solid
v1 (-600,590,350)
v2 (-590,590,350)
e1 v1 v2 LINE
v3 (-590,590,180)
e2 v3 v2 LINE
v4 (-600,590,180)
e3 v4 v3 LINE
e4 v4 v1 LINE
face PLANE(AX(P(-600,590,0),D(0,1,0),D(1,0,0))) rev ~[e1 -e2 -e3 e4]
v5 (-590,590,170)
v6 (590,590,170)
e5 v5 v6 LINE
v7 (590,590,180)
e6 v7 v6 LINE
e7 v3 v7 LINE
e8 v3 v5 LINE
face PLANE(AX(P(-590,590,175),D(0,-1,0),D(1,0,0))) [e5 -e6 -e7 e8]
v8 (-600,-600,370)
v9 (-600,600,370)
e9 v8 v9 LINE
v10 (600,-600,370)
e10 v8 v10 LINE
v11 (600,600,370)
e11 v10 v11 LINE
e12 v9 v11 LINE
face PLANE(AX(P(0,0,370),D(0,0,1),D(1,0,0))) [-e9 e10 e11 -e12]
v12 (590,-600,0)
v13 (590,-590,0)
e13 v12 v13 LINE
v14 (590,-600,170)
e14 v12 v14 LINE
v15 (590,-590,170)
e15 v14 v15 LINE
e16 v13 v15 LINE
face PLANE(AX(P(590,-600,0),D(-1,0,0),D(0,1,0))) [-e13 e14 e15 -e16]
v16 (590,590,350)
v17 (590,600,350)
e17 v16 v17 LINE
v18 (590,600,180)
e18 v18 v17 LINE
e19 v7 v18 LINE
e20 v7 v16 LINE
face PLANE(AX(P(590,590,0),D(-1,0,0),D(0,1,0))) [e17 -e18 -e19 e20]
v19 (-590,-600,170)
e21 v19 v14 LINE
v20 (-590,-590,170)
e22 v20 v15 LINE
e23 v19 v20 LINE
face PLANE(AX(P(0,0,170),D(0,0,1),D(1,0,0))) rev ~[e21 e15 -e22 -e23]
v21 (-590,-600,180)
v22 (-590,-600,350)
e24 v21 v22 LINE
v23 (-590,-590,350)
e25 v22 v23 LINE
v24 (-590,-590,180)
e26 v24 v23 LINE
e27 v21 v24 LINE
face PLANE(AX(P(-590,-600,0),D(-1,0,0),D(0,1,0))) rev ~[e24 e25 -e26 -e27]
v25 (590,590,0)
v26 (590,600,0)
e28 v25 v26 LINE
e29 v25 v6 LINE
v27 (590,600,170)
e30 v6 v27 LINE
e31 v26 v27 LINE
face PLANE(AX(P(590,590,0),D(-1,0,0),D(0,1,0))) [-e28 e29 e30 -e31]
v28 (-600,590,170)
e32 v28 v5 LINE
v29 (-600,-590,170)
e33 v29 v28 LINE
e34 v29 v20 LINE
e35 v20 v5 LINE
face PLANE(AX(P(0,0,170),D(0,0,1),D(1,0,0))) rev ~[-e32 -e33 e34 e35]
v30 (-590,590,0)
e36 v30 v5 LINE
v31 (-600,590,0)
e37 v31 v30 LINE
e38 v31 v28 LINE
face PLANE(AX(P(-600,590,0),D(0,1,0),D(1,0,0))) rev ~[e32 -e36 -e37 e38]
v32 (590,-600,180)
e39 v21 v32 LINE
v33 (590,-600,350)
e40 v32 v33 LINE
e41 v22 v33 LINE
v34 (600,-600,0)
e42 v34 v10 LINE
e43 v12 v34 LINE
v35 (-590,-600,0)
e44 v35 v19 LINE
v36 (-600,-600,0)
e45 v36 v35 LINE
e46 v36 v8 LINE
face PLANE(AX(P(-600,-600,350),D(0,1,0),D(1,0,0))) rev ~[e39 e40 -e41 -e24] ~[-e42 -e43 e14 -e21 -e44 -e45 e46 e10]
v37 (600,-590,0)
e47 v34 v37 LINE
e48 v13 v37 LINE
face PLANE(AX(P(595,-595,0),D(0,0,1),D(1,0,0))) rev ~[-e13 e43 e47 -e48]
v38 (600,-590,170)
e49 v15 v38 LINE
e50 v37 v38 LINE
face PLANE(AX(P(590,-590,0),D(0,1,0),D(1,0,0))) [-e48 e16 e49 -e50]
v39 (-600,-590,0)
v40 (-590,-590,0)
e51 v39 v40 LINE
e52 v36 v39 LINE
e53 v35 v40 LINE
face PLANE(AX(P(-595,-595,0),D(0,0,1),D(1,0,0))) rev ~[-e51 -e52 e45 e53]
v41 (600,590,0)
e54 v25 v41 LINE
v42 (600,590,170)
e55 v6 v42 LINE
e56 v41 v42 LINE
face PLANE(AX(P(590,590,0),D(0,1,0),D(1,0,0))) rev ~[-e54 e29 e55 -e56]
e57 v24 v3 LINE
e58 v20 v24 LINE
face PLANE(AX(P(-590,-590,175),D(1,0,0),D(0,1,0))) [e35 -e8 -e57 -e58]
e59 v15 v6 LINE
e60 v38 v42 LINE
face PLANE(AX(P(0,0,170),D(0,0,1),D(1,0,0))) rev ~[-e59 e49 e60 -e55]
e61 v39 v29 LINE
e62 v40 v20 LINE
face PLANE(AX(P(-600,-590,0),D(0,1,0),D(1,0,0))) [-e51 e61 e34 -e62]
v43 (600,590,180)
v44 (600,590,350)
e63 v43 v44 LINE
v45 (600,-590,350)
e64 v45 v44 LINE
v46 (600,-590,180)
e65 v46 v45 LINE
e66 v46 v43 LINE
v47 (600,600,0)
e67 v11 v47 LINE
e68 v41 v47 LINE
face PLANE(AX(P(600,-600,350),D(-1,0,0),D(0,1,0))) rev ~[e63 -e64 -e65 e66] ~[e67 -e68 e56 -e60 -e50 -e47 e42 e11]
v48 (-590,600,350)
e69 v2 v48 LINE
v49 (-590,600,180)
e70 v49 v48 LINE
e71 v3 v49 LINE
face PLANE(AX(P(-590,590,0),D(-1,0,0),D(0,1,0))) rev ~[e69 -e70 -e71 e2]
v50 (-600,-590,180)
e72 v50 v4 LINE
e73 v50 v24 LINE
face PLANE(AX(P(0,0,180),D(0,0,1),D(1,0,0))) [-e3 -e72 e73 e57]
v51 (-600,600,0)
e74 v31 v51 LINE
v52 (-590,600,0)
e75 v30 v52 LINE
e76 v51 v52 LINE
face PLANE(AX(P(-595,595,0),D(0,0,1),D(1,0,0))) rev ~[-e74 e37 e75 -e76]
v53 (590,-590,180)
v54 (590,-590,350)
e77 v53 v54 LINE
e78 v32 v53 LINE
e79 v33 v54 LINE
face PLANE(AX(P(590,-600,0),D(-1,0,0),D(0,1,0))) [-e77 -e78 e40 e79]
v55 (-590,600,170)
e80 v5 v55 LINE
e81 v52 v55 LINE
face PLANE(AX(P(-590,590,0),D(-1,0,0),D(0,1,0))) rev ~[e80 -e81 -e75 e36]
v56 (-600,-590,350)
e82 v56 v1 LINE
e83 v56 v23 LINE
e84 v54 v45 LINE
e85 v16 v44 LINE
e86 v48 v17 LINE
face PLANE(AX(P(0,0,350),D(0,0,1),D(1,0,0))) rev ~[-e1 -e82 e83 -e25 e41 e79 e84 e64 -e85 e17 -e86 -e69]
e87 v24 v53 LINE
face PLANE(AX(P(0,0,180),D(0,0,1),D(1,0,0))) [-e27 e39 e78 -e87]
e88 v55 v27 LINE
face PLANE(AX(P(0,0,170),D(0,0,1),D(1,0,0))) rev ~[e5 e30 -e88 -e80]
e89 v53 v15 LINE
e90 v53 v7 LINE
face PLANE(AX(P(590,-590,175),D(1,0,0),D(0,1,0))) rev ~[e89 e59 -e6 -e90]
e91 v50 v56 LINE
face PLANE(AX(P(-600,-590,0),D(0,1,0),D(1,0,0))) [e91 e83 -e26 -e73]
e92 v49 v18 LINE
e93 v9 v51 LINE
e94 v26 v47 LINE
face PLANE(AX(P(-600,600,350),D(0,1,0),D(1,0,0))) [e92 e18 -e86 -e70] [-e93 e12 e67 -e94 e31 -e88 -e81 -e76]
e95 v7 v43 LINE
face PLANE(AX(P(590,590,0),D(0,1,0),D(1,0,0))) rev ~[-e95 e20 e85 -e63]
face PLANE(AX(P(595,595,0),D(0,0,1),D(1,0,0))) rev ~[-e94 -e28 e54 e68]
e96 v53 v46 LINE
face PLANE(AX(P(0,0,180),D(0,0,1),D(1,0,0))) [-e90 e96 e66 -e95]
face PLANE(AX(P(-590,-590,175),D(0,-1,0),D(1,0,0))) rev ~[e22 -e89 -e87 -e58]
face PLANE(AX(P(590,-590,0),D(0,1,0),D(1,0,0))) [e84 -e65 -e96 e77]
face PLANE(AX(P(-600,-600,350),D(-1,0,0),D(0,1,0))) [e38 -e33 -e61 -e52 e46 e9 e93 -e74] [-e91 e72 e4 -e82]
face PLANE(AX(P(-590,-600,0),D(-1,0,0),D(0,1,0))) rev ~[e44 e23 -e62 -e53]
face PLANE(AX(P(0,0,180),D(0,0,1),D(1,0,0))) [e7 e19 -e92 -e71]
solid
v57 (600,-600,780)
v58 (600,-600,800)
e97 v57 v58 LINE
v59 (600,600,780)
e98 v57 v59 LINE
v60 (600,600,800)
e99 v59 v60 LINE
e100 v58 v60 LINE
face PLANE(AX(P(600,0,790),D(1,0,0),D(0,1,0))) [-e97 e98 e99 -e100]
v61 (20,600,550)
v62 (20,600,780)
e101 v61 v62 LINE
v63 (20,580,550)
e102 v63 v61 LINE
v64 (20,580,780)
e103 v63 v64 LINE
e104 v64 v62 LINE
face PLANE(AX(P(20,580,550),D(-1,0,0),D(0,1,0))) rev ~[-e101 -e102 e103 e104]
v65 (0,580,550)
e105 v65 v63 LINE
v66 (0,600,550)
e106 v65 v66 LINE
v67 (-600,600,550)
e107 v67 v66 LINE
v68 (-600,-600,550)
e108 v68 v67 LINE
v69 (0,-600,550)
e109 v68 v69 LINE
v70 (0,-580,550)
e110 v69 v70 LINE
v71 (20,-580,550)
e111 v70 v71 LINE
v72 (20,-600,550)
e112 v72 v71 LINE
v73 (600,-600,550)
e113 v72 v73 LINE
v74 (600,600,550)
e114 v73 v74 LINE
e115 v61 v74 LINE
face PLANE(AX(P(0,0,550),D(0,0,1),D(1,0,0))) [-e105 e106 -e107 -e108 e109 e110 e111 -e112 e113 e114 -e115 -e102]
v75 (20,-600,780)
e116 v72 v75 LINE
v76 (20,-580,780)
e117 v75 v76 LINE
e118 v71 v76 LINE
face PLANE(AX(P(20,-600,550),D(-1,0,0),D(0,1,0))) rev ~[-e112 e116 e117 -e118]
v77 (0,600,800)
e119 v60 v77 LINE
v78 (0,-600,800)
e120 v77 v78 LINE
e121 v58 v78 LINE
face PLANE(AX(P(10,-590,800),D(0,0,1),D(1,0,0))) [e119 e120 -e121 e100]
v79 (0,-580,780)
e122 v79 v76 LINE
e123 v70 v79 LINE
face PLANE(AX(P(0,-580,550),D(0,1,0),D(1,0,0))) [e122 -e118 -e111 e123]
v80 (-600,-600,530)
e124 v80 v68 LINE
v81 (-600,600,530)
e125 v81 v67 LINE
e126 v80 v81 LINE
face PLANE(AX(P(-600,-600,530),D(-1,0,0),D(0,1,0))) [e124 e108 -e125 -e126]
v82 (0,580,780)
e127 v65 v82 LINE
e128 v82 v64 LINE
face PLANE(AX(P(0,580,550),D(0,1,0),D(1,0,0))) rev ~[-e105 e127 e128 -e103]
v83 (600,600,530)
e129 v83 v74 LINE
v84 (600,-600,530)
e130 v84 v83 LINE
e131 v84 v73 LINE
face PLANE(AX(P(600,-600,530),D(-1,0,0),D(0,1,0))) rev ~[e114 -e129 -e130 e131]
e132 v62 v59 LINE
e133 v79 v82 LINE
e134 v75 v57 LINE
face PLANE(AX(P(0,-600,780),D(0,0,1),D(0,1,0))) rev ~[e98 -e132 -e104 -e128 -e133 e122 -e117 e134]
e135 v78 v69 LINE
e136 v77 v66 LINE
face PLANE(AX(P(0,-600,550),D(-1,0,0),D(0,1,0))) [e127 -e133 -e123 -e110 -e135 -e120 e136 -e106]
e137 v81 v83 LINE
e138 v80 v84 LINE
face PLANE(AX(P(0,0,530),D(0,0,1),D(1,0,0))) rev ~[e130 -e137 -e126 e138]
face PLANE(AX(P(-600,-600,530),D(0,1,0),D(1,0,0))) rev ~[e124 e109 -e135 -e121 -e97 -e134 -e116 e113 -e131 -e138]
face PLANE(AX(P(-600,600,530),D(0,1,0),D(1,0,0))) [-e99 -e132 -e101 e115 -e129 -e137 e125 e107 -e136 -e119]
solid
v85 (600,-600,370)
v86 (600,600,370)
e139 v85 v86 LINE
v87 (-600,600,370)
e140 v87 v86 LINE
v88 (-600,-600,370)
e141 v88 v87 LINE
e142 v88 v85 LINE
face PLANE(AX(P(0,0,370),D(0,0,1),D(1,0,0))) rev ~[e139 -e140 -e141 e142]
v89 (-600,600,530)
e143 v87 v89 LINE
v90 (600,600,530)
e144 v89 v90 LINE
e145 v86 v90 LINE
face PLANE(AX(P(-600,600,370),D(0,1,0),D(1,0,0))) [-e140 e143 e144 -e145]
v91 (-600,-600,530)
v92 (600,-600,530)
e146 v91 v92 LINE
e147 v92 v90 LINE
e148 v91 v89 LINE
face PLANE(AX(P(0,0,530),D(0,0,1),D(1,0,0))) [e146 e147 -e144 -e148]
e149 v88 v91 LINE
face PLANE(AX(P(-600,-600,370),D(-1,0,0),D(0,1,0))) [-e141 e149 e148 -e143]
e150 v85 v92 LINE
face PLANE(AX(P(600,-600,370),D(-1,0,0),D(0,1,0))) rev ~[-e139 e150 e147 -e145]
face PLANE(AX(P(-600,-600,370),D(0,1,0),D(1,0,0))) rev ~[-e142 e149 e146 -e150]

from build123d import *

# Parameters (mm, degrees)
F0_W      = 10
F0_H      = 10
F1_DEPTH  = 350
F3_W      = 1200
F3_H      = 1200
F3_W_2    = 1180
F3_H_2    = 1180
F4_DEPTH  = 5
F6_W      = 1200
F6_H      = 1200
F7_DEPTH  = 20
F8_DEPTH  = 160
F9_DEPTH  = 20
F10_W     = 20
F10_H     = 20
F11_DEPTH = 250
F13_W     = 1200
F13_H     = 20
F14_DEPTH = 600


with BuildPart() as f1:
    # F0 (on Top) → F1 (new body)
    with BuildSketch(Plane.XY):
        with Locations((-595, 595)):
            Rectangle(F0_W, F0_H)
    extrude(amount=F1_DEPTH)



with BuildPart() as f1b:
    # F0 (on Top) → F1, piece 2 (new body)
    with BuildSketch(Plane.XY):
        with Locations((595, 595)):
            Rectangle(F0_W, F0_H)
    extrude(amount=F1_DEPTH)


with BuildPart() as f1c:
    # F0 (on Top) → F1, piece 3 (new body)
    with BuildSketch(Plane.XY):
        with Locations((595, -595)):
            Rectangle(F0_W, F0_H)
    extrude(amount=F1_DEPTH)


with BuildPart() as f1d:
    # F0 (on Top) → F1, piece 4 (new body)
    with BuildSketch(Plane.XY):
        with Locations((-595, -595)):
            Rectangle(F0_W, F0_H)
    extrude(amount=F1_DEPTH)


with BuildPart() as f1_1:
    add(f1.part)

    add(f1b.part)  # F4 merges F1b

    add(f1c.part)  # F4 merges F1c

    add(f1d.part)  # F4 merges F1d
    # F3 (on offset) → F4 (join, symmetric)
    with BuildSketch(Plane.XY.offset(175)):
        Rectangle(F3_W, F3_H)
        Rectangle(F3_W_2, F3_H_2, mode=Mode.SUBTRACT)
    extrude(amount=F4_DEPTH, both=True)

    # F6 (on offset) → F7 (join)
    with BuildSketch(Plane.XY.offset(350)):
        Rectangle(F6_W, F6_H)
    extrude(amount=F7_DEPTH)


with BuildPart() as f8:
    # F8 (new): a face of the model
    f8_faces = [f1_1.part.faces().sort_by_distance(p)[0] for p in [
        (0, 0, 370),
    ]]
    extrude(f8_faces, amount=F8_DEPTH)


with BuildPart() as f9:
    # F9 (new): a face of the model
    f9_faces = [f8.part.faces().sort_by_distance(p)[0] for p in [
        (0, 0, 530),
    ]]
    extrude(f9_faces, amount=F9_DEPTH)

    # F10 (on face) → F11 (join)
    with BuildSketch(Plane.XY.offset(550)):
        with Locations((10, 590)):
            Rectangle(F10_W, F10_H)
        with Locations((10, -590)):
            Rectangle(F10_W, F10_H)
    extrude(amount=F11_DEPTH)

    # F13 (on offset) → F14 (join)
    with BuildSketch(Plane.YZ):
        with Locations((0, 790)):
            Rectangle(F13_W, F13_H)
    extrude(amount=F14_DEPTH)


solid = Compound([f1_1.part, f8.part, f9.part])
